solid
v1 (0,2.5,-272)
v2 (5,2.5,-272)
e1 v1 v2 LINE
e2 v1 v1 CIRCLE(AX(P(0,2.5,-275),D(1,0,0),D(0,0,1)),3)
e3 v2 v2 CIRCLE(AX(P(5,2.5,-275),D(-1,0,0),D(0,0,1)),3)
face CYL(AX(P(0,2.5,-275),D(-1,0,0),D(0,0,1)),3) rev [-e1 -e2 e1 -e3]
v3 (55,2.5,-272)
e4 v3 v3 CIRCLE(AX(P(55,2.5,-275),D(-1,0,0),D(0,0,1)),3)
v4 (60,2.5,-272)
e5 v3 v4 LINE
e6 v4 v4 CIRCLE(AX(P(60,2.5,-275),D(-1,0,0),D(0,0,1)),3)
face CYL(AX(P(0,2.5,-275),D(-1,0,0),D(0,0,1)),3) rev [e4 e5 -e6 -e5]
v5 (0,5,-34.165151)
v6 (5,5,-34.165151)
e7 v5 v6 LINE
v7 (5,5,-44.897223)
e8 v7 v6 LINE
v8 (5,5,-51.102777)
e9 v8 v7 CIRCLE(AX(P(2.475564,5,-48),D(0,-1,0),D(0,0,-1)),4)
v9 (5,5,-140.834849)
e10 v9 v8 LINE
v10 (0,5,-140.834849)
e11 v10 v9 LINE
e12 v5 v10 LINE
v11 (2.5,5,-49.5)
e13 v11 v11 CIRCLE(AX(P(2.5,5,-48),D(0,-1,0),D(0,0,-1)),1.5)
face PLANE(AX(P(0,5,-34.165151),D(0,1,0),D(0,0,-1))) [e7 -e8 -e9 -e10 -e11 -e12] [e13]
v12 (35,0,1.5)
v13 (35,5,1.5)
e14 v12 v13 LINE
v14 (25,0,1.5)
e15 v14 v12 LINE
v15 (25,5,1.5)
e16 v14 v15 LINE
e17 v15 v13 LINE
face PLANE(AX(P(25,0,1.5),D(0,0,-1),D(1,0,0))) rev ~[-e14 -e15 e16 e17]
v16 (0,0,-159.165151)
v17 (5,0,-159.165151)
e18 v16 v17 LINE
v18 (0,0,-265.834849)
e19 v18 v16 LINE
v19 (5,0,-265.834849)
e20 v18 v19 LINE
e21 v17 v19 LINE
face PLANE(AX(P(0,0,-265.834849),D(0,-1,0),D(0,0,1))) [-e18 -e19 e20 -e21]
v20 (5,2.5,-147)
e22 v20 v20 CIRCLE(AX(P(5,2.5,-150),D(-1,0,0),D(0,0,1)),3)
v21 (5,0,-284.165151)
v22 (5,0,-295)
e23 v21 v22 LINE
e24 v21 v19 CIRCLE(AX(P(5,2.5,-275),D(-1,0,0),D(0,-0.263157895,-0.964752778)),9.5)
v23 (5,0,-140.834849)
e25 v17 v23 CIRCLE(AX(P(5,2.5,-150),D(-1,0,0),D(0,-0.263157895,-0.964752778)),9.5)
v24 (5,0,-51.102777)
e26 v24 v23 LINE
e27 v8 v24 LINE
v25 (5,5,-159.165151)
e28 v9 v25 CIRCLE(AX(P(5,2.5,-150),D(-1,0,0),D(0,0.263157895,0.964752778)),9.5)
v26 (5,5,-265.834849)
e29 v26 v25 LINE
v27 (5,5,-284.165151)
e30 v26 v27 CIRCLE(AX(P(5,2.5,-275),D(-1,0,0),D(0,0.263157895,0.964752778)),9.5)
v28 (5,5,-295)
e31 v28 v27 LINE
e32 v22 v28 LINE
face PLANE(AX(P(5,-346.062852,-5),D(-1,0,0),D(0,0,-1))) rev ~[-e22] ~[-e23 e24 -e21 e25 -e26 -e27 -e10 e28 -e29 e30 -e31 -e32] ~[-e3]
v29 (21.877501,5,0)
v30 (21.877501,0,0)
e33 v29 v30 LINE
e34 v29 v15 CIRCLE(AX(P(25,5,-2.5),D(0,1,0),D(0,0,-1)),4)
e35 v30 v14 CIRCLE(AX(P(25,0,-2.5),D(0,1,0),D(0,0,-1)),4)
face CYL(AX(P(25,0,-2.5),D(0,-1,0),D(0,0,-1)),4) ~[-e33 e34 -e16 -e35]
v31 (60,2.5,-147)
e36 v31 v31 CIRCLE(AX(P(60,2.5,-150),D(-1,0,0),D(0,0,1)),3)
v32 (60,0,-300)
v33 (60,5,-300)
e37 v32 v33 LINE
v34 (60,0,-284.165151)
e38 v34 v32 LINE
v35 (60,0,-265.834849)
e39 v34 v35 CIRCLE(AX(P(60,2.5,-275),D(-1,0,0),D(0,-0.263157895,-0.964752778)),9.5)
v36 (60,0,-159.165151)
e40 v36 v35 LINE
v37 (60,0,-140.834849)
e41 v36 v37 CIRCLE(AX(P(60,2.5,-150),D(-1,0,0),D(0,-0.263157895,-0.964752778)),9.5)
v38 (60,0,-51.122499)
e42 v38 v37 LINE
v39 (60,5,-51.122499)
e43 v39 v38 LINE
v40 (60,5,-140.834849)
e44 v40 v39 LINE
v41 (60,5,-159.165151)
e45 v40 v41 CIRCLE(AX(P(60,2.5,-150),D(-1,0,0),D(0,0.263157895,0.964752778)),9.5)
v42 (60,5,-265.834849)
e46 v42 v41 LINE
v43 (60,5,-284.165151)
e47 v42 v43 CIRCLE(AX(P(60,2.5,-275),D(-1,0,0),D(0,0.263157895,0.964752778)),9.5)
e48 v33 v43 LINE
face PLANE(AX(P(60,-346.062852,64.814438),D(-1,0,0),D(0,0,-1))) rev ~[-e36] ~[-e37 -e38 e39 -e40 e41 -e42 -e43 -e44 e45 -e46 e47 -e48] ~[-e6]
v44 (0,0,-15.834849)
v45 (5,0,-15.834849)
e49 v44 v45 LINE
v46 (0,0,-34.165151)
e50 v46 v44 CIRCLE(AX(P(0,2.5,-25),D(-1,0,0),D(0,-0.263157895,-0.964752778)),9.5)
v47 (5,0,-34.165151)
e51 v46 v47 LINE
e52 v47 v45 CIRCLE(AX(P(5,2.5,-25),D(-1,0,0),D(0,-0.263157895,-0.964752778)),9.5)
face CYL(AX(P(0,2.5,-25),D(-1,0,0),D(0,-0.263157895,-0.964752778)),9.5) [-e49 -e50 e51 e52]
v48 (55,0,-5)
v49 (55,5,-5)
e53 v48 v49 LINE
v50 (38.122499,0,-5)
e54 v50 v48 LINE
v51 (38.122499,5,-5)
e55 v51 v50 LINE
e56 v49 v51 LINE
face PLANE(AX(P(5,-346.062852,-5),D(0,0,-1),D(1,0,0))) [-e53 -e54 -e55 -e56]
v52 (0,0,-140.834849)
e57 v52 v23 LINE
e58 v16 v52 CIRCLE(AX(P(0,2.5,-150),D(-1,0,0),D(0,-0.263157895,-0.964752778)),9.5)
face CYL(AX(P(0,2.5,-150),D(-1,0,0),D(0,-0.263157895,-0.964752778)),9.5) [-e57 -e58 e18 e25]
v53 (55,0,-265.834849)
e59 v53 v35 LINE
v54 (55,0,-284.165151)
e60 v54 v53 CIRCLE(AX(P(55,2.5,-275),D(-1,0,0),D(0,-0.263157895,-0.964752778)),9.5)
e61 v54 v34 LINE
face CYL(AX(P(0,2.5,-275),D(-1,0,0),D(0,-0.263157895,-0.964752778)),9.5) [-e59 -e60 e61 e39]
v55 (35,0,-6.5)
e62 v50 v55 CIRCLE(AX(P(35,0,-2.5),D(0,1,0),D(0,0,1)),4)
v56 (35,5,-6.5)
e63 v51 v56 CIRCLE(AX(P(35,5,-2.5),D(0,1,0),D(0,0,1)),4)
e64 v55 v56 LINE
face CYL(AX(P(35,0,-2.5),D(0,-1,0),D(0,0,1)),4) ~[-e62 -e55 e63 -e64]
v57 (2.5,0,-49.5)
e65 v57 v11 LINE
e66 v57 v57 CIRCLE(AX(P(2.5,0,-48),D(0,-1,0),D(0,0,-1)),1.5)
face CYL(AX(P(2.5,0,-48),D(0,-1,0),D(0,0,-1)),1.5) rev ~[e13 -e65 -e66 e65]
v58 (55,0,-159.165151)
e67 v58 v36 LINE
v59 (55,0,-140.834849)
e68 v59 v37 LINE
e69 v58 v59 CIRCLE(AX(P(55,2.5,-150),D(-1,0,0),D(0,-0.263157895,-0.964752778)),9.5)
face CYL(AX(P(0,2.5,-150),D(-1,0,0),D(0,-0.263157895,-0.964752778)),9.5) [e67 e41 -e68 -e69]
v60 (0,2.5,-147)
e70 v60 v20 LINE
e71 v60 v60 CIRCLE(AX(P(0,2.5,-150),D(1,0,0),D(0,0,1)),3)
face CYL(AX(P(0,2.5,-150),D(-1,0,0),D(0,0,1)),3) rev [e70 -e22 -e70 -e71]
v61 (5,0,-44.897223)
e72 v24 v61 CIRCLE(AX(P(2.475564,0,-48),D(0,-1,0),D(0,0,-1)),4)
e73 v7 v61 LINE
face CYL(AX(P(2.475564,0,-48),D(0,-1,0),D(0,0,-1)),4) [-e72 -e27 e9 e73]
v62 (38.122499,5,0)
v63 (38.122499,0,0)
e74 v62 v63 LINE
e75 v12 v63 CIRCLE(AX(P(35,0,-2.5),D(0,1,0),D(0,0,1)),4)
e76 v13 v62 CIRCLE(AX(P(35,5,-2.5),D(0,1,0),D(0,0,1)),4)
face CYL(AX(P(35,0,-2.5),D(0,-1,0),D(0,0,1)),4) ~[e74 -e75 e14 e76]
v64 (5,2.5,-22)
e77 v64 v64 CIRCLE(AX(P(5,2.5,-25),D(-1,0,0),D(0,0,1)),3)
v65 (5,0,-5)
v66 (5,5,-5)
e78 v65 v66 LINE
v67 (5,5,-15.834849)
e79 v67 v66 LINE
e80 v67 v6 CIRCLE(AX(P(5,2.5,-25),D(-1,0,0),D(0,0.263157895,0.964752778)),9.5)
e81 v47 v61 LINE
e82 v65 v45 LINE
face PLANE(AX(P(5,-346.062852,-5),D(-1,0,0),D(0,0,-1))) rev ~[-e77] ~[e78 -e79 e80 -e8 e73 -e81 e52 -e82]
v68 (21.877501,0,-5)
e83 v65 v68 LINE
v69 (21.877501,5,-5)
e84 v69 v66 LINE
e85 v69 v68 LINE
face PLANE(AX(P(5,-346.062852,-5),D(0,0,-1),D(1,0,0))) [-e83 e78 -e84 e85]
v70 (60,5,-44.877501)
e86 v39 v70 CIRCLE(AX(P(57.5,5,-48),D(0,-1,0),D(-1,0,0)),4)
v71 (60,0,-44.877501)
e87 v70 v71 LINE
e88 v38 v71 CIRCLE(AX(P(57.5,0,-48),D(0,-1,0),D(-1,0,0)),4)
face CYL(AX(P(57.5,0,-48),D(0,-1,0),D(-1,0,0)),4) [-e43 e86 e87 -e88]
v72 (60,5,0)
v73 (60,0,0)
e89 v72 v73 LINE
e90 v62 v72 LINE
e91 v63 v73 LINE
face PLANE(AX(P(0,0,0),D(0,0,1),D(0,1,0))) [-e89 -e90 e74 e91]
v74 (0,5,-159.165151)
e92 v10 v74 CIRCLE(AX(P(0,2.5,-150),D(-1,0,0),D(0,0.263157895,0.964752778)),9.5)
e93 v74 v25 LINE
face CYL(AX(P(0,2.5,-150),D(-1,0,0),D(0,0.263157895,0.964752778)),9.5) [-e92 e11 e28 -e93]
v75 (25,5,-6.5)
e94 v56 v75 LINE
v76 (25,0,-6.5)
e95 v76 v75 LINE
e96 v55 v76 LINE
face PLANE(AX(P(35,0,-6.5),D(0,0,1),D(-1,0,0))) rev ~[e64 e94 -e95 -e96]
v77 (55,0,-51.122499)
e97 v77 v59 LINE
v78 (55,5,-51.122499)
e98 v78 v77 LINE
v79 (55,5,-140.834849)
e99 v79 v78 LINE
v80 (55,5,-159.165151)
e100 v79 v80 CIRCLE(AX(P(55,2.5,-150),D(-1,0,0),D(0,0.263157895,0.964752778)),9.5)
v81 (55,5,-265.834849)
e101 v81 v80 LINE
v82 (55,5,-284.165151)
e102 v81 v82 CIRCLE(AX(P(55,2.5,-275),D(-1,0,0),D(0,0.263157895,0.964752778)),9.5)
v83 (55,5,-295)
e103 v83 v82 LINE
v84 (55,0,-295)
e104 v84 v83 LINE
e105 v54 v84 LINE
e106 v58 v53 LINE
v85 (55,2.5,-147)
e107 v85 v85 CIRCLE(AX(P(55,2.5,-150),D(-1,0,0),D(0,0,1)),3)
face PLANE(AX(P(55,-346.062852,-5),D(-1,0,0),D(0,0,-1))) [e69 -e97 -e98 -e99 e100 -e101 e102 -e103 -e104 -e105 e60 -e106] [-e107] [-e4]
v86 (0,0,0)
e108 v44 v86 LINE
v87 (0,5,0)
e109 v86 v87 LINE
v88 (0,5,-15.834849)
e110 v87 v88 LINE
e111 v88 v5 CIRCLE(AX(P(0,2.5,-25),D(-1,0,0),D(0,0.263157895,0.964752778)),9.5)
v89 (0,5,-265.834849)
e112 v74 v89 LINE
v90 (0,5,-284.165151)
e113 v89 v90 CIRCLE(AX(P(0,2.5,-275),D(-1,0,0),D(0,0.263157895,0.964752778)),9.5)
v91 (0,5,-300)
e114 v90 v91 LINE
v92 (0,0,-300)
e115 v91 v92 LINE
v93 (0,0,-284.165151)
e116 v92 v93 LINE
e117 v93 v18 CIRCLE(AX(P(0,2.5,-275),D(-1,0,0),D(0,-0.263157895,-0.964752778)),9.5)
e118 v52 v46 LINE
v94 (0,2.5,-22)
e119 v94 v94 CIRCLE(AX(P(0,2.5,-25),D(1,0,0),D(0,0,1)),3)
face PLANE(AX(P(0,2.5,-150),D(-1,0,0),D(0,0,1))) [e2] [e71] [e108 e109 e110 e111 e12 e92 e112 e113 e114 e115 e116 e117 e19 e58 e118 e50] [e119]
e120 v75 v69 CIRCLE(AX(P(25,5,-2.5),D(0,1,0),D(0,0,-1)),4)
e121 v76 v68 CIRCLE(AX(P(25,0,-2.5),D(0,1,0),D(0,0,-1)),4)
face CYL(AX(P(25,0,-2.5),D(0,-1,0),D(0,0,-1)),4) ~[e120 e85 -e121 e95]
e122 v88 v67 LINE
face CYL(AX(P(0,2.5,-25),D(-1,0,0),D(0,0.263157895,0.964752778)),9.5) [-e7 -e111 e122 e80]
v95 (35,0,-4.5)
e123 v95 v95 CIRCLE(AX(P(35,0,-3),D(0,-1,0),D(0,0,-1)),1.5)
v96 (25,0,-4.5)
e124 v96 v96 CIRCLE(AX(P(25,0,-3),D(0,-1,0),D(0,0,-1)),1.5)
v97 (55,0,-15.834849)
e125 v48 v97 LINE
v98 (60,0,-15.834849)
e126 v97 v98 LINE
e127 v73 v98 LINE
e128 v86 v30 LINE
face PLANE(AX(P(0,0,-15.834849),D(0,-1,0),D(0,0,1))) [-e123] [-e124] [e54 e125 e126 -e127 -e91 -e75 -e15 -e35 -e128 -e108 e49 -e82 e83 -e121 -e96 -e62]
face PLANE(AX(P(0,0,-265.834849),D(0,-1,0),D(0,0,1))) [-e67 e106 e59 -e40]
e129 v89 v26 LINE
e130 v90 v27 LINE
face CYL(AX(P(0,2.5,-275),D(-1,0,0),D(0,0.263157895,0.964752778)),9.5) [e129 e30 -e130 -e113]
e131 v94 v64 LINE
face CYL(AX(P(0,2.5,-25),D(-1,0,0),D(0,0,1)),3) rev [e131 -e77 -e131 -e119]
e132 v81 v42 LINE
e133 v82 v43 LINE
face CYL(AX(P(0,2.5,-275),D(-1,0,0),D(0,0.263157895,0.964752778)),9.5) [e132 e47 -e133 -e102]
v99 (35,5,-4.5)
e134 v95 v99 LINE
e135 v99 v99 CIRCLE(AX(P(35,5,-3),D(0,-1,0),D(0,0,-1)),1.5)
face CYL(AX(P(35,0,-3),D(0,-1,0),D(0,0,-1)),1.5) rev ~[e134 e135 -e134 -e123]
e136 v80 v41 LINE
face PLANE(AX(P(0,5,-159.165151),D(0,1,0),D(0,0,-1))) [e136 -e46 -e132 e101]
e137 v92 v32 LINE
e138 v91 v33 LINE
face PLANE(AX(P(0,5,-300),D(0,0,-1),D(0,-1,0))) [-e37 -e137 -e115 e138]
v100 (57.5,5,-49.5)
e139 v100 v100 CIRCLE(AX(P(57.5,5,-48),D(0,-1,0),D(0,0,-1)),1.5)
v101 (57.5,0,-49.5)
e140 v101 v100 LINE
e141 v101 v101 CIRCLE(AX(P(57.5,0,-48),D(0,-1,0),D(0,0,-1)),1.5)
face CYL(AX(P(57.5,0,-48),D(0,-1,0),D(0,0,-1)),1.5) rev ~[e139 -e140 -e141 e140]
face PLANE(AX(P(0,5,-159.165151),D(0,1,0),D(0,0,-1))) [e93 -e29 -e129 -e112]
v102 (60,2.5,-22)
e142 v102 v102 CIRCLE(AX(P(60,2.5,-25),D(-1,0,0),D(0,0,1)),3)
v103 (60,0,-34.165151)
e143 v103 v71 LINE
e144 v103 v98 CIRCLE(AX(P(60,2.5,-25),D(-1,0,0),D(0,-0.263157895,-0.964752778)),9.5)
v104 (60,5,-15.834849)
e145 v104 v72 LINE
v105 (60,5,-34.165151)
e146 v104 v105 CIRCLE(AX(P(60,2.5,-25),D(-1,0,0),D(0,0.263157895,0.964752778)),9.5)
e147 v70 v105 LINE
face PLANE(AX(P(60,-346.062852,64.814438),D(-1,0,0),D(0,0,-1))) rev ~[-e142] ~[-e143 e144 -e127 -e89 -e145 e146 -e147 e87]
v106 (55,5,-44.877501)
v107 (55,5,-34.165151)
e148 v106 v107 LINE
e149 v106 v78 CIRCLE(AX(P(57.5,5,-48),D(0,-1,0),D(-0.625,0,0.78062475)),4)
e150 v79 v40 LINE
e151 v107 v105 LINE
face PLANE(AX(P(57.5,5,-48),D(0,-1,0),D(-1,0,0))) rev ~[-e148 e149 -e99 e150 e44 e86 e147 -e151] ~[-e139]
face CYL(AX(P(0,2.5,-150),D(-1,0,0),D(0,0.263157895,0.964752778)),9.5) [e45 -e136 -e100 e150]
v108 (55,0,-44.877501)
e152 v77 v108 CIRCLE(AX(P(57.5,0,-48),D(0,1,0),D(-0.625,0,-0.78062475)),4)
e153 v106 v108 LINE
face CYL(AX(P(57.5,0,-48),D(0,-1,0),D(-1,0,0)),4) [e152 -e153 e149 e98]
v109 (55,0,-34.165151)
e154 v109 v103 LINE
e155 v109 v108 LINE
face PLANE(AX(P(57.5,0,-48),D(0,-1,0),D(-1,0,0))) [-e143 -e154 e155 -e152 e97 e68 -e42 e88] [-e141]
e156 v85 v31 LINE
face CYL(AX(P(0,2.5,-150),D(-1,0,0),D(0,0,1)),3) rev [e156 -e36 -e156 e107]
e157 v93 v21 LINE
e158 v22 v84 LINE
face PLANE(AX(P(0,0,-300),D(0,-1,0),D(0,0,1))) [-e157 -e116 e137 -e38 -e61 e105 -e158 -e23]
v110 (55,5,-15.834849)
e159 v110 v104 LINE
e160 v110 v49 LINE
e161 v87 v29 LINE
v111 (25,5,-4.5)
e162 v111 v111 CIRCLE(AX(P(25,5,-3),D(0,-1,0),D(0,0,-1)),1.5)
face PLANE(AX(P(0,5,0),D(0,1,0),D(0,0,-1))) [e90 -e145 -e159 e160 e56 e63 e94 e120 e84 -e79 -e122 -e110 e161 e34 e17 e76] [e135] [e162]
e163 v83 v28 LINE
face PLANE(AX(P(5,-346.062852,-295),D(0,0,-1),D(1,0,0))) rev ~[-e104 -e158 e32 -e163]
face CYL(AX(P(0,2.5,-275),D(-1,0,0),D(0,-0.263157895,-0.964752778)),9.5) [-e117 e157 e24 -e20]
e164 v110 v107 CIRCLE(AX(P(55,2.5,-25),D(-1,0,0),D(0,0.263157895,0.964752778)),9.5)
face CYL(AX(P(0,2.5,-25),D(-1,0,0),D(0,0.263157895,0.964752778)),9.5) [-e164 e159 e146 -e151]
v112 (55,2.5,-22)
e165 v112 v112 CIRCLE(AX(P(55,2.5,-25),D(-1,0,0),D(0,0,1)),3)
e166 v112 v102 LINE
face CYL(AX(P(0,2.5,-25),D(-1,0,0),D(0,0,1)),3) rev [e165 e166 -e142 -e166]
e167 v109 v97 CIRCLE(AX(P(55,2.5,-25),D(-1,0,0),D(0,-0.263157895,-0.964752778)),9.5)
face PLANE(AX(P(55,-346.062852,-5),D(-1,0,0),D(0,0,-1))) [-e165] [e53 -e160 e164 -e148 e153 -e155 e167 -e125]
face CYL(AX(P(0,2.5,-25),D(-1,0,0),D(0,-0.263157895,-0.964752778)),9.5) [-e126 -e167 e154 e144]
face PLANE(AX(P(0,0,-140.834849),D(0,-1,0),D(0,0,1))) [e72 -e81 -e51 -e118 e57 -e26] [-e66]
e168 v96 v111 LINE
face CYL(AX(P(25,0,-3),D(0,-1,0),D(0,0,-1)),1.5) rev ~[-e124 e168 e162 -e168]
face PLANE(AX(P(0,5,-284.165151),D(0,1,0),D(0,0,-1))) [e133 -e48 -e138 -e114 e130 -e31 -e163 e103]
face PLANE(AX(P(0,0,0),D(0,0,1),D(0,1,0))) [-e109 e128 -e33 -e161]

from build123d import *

# Parameters (mm, degrees)
SKETCH2_R               = 3
BOSS_EXTRUDE1_DEPTH     = 180
CUT_EXTRUDE1_DEPTH      = 351.0628515
CUT_EXTRUDE1_DEPTH_BACK = 351.0628515
SKETCH3_W               = 50
SKETCH3_H               = 290
CUT_EXTRUDE2_DEPTH      = 351.0628515
CUT_EXTRUDE2_DEPTH_BACK = 351.0628515
SKETCH5_W               = 159.12266695
SKETCH5_H               = 409.499518343
SKETCH8_R               = 4
BOSS_EXTRUDE3_DEPTH     = 5
SKETCH9_R               = 1.5
CUT_EXTRUDE4_DEPTH      = 5


with BuildPart() as part:
    # Sketch2 → Boss-Extrude1 (new body)
    with BuildSketch(Plane(origin=(0, 0, 0), x_dir=(0, 0, -1), z_dir=(1, 0, 0))):
        with BuildLine():
            Line((159.16515139, 5), (265.83484861, 5))
            ThreePointArc((265.83484861, 5), (275, 12), (284.16515139, 5))
            Line((284.16515139, 5), (300, 5))
            Line((300, 5), (300, 0))
            Line((300, 0), (284.16515139, 0))
            ThreePointArc((284.16515139, 0), (275, -7), (265.83484861, 0))
            Line((265.83484861, 0), (159.16515139, 0))
            ThreePointArc((159.16515139, 0), (150, -7), (140.83484861, 0))
            Line((140.83484861, 0), (34.16515139, 0))
            ThreePointArc((34.16515139, 0), (25, -7), (15.83484861, 0))
            Line((15.83484861, 0), (0, 0))
            Line((0, 0), (0, 5))
            Line((0, 5), (15.83484861, 5))
            ThreePointArc((15.83484861, 5), (25, 12), (34.16515139, 5))
            Line((34.16515139, 5), (140.83484861, 5))
            ThreePointArc((140.83484861, 5), (150, 12), (159.16515139, 5))
        make_face()
        with Locations(Location((150, 2.5, 0), (0, 0, 180))):
            Circle(SKETCH2_R, mode=Mode.SUBTRACT)
        with Locations(Location((275, 2.5, 0), (0, 0, 180))):
            Circle(SKETCH2_R, mode=Mode.SUBTRACT)
        with Locations(Location((25, 2.5, 0), (0, 0, 180))):
            Circle(SKETCH2_R, mode=Mode.SUBTRACT)
    extrude(amount=BOSS_EXTRUDE1_DEPTH)

    # Sketch3 → Cut-Extrude1 (cut, two sides: drawn at the far end of the back side and taken through both)
    with BuildSketch(Plane(origin=(0, 5, 0), x_dir=(1, 0, 0), z_dir=(0, 1, 0)).offset(-CUT_EXTRUDE1_DEPTH_BACK)):
        with Locations((150, 150)):
            Rectangle(SKETCH3_W, SKETCH3_H)
        with Locations((90, 150)):
            Rectangle(SKETCH3_W, SKETCH3_H)
        with Locations((30, 150)):
            Rectangle(SKETCH3_W, SKETCH3_H)
    extrude(amount=CUT_EXTRUDE1_DEPTH + CUT_EXTRUDE1_DEPTH_BACK, mode=Mode.SUBTRACT)

    # Sketch5 → Cut-Extrude2 (cut, two sides: drawn at the far end of the back side and taken through both)
    with BuildSketch(Plane(origin=(0, 5, 0), x_dir=(1, 0, 0), z_dir=(0, 1, 0)).offset(-CUT_EXTRUDE2_DEPTH_BACK)):
        with Locations((139.561333475, 139.935321467)):
            Rectangle(SKETCH5_W, SKETCH5_H)
    extrude(amount=CUT_EXTRUDE2_DEPTH + CUT_EXTRUDE2_DEPTH_BACK, mode=Mode.SUBTRACT)

    # Sketch8 → Boss-Extrude3 (add)
    with BuildSketch(Plane(origin=(0, 0, 0), x_dir=(-1, 0, 0), z_dir=(0, -1, 0))):
        with Locations((-57.5, 48)):
            Circle(SKETCH8_R)
        with BuildLine():
            Line((-25, -1.5), (-35, -1.5))
            ThreePointArc((-35, -1.5), (-39, 2.5), (-35, 6.5))
            Line((-35, 6.5), (-25, 6.5))
            ThreePointArc((-25, 6.5), (-21, 2.5), (-25, -1.5))
        make_face()
        with BuildLine():
            Line((-2.475564239, 44), (-2.475564239, 52))
            ThreePointArc((-2.475564239, 52), (-6.475564239, 48), (-2.475564239, 44))
        make_face()
    extrude(amount=-BOSS_EXTRUDE3_DEPTH)

    # Sketch9 → Cut-Extrude4 (cut)
    with BuildSketch(Plane(origin=(0, 0, 0), x_dir=(-1, 0, 0), z_dir=(0, -1, 0))):
        with Locations(Location((-25, 3, 0), (0, 0, 90))):
            Circle(SKETCH9_R)
        with Locations(Location((-35, 3, 0), (0, 0, 90))):
            Circle(SKETCH9_R)
        with Locations(Location((-57.5, 48, 0), (0, 0, 90))):
            Circle(SKETCH9_R)
        with Locations(Location((-2.5, 48, 0), (0, 0, 90))):
            Circle(SKETCH9_R)
    extrude(amount=-CUT_EXTRUDE4_DEPTH, mode=Mode.SUBTRACT)


solid = part.part
